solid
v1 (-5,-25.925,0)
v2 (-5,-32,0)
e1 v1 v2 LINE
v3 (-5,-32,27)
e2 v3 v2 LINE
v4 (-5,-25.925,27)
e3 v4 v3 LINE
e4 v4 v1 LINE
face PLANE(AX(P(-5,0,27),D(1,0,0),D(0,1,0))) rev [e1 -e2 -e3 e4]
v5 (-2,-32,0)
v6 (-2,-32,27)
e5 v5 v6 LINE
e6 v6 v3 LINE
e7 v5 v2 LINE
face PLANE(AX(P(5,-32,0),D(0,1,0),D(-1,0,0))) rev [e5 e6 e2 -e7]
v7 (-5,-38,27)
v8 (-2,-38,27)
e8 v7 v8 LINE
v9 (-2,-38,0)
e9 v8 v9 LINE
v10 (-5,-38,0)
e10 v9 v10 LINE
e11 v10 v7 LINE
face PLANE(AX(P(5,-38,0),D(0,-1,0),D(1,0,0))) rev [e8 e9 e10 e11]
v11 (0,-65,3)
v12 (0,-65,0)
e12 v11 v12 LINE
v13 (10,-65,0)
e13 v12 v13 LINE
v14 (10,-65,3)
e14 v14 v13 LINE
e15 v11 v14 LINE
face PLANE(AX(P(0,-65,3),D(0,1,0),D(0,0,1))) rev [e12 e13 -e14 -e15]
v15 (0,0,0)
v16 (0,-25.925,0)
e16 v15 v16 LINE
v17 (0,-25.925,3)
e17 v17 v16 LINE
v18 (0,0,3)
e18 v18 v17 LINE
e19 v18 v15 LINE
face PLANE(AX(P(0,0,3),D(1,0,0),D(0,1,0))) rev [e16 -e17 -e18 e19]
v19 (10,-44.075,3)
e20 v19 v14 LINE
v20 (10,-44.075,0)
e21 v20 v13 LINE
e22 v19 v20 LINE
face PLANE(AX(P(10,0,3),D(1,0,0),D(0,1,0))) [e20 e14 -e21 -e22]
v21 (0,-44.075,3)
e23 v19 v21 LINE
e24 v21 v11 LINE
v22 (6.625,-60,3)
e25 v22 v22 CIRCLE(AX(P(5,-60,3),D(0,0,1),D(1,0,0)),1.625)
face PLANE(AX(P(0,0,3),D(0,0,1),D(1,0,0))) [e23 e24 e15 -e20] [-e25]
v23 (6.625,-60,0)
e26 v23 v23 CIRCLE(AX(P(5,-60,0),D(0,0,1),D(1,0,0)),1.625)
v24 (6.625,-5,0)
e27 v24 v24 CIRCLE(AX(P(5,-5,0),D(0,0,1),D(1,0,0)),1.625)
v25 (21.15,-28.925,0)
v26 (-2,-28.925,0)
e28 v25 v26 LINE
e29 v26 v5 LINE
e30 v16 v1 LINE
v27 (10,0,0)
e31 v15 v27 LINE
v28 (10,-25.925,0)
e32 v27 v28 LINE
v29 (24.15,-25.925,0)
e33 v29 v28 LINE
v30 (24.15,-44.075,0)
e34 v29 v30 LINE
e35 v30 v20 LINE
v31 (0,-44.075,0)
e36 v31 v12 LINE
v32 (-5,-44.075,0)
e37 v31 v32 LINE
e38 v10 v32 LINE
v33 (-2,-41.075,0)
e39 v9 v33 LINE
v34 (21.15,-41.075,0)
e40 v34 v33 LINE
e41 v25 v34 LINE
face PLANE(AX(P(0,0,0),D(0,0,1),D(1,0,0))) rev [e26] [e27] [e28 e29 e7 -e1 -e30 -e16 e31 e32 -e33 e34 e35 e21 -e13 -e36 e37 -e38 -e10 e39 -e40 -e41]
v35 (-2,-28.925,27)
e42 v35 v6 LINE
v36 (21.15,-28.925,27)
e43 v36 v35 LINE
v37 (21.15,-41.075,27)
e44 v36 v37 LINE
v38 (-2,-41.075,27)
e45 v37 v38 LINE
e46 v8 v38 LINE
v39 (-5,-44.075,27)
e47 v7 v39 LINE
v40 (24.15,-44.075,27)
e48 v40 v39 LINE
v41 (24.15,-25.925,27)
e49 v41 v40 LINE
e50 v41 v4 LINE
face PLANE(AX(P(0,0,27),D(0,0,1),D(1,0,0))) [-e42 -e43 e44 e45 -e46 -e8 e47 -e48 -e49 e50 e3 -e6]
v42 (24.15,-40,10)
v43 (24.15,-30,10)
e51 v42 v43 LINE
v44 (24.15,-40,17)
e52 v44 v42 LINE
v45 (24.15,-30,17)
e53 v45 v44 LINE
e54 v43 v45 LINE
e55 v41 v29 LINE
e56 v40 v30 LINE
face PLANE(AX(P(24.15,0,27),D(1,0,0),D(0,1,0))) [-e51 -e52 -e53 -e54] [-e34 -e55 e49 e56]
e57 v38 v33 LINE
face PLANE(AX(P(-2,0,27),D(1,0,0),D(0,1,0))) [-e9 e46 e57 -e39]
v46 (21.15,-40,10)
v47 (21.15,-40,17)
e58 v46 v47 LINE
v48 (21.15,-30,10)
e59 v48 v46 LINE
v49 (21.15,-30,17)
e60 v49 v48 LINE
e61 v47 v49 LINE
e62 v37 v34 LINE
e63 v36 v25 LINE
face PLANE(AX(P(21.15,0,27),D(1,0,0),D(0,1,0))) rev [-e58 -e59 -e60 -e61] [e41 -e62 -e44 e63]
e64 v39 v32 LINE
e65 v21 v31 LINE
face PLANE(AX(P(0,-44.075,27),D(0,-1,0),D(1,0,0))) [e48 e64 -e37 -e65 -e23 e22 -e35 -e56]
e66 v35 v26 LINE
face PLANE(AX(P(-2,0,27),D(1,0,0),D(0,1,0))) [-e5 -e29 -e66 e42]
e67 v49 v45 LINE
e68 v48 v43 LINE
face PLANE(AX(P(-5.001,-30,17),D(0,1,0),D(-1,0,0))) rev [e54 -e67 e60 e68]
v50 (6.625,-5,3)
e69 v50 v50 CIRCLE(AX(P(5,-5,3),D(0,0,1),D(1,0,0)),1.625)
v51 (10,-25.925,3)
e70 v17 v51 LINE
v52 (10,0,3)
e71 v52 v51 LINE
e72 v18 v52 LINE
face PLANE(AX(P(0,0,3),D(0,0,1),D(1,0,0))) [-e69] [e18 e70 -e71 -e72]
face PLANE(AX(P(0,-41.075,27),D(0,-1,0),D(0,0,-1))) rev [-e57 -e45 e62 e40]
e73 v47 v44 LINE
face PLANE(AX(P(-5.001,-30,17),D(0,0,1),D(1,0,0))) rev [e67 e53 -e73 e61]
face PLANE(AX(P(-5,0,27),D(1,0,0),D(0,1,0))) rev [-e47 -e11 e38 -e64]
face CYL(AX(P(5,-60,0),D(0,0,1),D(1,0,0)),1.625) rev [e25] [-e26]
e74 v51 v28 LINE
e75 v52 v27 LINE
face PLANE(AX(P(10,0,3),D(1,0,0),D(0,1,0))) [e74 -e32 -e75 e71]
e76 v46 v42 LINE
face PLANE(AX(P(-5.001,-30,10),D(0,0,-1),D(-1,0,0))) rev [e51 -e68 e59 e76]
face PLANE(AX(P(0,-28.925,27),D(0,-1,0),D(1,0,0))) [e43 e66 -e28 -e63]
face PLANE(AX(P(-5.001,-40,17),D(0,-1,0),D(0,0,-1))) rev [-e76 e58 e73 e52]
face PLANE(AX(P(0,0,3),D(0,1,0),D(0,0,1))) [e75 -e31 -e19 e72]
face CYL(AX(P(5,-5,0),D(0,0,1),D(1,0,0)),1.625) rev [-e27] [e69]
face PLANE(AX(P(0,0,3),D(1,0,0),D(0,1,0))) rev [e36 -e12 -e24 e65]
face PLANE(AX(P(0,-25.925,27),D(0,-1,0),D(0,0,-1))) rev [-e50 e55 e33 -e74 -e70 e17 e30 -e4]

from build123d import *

# Parameters (mm, degrees)
ESQUISSE1_W                = 10
ESQUISSE1_H                = 20.925
BOSS_EXTRU_1_DEPTH         = 3
ESQUISSE1_H_2              = 25.925
BOSS_EXTRU_1_2_DEPTH       = 3
ESQUISSE1_3_W              = 23.15
ESQUISSE1_3_H              = 12.15
BOSS_EXTRU_2_DEPTH         = 27
ESQUISSE3_R                = 1.625
ENL_V_MAT_EXTRU_2_DEPTH    = 74.377261464
R_P_TITION_LIN_AIRE1_COUNT = 2
R_P_TITION_LIN_AIRE1_PITCH = 55
ESQUISSE5_W                = 27
ESQUISSE5_H                = 6
ENL_V_MAT_EXTRU_3_DEPTH    = 10
ENL_V_MAT_EXTRU_4_REACH    = 78.182
ESQUISSE6_W                = 7
ESQUISSE6_H                = 10


with BuildPart() as part:
    # Esquisse1 → Boss.-Extru.1 (new body)
    with BuildSketch(Plane.XY):
        with Locations((5, -54.5375)):
            Rectangle(ESQUISSE1_W, ESQUISSE1_H)
    extrude(amount=BOSS_EXTRU_1_DEPTH)



with BuildPart() as body_2:
    # Esquisse1 → Boss.-Extru.1 2 (new body)
    with BuildSketch(Plane.XY):
        with Locations((5, -12.9625)):
            Rectangle(ESQUISSE1_W, ESQUISSE1_H_2)
    extrude(amount=BOSS_EXTRU_1_2_DEPTH)


with BuildPart() as part_1:
    add(part.part)

    add(body_2.part)  # Boss.-Extru.2 merges body 2
    # Esquisse1<3> → Boss.-Extru.2 (add)
    with BuildSketch(Plane.XY):
        Polygon((0, -44.075), (10, -44.075), (24.15, -44.075), (24.15, -25.925), (10, -25.925), (0, -25.925), (-5, -25.925), (-5, -44.075), align=None)
        with Locations((9.575, -35)):
            Rectangle(ESQUISSE1_3_W, ESQUISSE1_3_H, mode=Mode.SUBTRACT)
    extrude(amount=BOSS_EXTRU_2_DEPTH)

    # Esquisse3 → Enlèv. mat.-Extru.2 (cut, through all)
    with BuildSketch(Plane.XY.offset(3)):
        with Locations((5, -5)):
            Circle(ESQUISSE3_R)
    enl_v_mat_extru_2 = extrude(amount=-ENL_V_MAT_EXTRU_2_DEPTH, mode=Mode.SUBTRACT)

    # Répétition linéaire1: Enlèv. mat.-Extru.2 ×2
    with Locations(*[(0, -i * R_P_TITION_LIN_AIRE1_PITCH, 0) for i in range(1, R_P_TITION_LIN_AIRE1_COUNT)]):
        add(enl_v_mat_extru_2, mode=Mode.SUBTRACT)

    # Esquisse5 → Enlèv. mat.-Extru.3 (cut)
    with BuildSketch(Plane.ZY.offset(5)):
        with Locations((13.5, -35)):
            Rectangle(ESQUISSE5_W, ESQUISSE5_H)
    extrude(amount=-ENL_V_MAT_EXTRU_3_DEPTH, mode=Mode.SUBTRACT)

    # Esquisse6 → Enlèv. mat.-Extru.4 (cut, up to next)
    with BuildSketch(Plane(origin=(24.15, 0, 0), x_dir=(0, 0, -1), z_dir=(1, 0, 0)), mode=Mode.PRIVATE) as enl_v_mat_extru_4_sk1:
        with Locations((-13.5, -35)):
            Rectangle(ESQUISSE6_W, ESQUISSE6_H)
    enl_v_mat_extru_4_tool1 = extrude(enl_v_mat_extru_4_sk1.sketch, amount=-ENL_V_MAT_EXTRU_4_REACH, mode=Mode.PRIVATE) & part_1.part
    add(enl_v_mat_extru_4_tool1.solids().sort_by_distance((24.15, -35, 13.5))[0], mode=Mode.SUBTRACT)


solid = part_1.part
